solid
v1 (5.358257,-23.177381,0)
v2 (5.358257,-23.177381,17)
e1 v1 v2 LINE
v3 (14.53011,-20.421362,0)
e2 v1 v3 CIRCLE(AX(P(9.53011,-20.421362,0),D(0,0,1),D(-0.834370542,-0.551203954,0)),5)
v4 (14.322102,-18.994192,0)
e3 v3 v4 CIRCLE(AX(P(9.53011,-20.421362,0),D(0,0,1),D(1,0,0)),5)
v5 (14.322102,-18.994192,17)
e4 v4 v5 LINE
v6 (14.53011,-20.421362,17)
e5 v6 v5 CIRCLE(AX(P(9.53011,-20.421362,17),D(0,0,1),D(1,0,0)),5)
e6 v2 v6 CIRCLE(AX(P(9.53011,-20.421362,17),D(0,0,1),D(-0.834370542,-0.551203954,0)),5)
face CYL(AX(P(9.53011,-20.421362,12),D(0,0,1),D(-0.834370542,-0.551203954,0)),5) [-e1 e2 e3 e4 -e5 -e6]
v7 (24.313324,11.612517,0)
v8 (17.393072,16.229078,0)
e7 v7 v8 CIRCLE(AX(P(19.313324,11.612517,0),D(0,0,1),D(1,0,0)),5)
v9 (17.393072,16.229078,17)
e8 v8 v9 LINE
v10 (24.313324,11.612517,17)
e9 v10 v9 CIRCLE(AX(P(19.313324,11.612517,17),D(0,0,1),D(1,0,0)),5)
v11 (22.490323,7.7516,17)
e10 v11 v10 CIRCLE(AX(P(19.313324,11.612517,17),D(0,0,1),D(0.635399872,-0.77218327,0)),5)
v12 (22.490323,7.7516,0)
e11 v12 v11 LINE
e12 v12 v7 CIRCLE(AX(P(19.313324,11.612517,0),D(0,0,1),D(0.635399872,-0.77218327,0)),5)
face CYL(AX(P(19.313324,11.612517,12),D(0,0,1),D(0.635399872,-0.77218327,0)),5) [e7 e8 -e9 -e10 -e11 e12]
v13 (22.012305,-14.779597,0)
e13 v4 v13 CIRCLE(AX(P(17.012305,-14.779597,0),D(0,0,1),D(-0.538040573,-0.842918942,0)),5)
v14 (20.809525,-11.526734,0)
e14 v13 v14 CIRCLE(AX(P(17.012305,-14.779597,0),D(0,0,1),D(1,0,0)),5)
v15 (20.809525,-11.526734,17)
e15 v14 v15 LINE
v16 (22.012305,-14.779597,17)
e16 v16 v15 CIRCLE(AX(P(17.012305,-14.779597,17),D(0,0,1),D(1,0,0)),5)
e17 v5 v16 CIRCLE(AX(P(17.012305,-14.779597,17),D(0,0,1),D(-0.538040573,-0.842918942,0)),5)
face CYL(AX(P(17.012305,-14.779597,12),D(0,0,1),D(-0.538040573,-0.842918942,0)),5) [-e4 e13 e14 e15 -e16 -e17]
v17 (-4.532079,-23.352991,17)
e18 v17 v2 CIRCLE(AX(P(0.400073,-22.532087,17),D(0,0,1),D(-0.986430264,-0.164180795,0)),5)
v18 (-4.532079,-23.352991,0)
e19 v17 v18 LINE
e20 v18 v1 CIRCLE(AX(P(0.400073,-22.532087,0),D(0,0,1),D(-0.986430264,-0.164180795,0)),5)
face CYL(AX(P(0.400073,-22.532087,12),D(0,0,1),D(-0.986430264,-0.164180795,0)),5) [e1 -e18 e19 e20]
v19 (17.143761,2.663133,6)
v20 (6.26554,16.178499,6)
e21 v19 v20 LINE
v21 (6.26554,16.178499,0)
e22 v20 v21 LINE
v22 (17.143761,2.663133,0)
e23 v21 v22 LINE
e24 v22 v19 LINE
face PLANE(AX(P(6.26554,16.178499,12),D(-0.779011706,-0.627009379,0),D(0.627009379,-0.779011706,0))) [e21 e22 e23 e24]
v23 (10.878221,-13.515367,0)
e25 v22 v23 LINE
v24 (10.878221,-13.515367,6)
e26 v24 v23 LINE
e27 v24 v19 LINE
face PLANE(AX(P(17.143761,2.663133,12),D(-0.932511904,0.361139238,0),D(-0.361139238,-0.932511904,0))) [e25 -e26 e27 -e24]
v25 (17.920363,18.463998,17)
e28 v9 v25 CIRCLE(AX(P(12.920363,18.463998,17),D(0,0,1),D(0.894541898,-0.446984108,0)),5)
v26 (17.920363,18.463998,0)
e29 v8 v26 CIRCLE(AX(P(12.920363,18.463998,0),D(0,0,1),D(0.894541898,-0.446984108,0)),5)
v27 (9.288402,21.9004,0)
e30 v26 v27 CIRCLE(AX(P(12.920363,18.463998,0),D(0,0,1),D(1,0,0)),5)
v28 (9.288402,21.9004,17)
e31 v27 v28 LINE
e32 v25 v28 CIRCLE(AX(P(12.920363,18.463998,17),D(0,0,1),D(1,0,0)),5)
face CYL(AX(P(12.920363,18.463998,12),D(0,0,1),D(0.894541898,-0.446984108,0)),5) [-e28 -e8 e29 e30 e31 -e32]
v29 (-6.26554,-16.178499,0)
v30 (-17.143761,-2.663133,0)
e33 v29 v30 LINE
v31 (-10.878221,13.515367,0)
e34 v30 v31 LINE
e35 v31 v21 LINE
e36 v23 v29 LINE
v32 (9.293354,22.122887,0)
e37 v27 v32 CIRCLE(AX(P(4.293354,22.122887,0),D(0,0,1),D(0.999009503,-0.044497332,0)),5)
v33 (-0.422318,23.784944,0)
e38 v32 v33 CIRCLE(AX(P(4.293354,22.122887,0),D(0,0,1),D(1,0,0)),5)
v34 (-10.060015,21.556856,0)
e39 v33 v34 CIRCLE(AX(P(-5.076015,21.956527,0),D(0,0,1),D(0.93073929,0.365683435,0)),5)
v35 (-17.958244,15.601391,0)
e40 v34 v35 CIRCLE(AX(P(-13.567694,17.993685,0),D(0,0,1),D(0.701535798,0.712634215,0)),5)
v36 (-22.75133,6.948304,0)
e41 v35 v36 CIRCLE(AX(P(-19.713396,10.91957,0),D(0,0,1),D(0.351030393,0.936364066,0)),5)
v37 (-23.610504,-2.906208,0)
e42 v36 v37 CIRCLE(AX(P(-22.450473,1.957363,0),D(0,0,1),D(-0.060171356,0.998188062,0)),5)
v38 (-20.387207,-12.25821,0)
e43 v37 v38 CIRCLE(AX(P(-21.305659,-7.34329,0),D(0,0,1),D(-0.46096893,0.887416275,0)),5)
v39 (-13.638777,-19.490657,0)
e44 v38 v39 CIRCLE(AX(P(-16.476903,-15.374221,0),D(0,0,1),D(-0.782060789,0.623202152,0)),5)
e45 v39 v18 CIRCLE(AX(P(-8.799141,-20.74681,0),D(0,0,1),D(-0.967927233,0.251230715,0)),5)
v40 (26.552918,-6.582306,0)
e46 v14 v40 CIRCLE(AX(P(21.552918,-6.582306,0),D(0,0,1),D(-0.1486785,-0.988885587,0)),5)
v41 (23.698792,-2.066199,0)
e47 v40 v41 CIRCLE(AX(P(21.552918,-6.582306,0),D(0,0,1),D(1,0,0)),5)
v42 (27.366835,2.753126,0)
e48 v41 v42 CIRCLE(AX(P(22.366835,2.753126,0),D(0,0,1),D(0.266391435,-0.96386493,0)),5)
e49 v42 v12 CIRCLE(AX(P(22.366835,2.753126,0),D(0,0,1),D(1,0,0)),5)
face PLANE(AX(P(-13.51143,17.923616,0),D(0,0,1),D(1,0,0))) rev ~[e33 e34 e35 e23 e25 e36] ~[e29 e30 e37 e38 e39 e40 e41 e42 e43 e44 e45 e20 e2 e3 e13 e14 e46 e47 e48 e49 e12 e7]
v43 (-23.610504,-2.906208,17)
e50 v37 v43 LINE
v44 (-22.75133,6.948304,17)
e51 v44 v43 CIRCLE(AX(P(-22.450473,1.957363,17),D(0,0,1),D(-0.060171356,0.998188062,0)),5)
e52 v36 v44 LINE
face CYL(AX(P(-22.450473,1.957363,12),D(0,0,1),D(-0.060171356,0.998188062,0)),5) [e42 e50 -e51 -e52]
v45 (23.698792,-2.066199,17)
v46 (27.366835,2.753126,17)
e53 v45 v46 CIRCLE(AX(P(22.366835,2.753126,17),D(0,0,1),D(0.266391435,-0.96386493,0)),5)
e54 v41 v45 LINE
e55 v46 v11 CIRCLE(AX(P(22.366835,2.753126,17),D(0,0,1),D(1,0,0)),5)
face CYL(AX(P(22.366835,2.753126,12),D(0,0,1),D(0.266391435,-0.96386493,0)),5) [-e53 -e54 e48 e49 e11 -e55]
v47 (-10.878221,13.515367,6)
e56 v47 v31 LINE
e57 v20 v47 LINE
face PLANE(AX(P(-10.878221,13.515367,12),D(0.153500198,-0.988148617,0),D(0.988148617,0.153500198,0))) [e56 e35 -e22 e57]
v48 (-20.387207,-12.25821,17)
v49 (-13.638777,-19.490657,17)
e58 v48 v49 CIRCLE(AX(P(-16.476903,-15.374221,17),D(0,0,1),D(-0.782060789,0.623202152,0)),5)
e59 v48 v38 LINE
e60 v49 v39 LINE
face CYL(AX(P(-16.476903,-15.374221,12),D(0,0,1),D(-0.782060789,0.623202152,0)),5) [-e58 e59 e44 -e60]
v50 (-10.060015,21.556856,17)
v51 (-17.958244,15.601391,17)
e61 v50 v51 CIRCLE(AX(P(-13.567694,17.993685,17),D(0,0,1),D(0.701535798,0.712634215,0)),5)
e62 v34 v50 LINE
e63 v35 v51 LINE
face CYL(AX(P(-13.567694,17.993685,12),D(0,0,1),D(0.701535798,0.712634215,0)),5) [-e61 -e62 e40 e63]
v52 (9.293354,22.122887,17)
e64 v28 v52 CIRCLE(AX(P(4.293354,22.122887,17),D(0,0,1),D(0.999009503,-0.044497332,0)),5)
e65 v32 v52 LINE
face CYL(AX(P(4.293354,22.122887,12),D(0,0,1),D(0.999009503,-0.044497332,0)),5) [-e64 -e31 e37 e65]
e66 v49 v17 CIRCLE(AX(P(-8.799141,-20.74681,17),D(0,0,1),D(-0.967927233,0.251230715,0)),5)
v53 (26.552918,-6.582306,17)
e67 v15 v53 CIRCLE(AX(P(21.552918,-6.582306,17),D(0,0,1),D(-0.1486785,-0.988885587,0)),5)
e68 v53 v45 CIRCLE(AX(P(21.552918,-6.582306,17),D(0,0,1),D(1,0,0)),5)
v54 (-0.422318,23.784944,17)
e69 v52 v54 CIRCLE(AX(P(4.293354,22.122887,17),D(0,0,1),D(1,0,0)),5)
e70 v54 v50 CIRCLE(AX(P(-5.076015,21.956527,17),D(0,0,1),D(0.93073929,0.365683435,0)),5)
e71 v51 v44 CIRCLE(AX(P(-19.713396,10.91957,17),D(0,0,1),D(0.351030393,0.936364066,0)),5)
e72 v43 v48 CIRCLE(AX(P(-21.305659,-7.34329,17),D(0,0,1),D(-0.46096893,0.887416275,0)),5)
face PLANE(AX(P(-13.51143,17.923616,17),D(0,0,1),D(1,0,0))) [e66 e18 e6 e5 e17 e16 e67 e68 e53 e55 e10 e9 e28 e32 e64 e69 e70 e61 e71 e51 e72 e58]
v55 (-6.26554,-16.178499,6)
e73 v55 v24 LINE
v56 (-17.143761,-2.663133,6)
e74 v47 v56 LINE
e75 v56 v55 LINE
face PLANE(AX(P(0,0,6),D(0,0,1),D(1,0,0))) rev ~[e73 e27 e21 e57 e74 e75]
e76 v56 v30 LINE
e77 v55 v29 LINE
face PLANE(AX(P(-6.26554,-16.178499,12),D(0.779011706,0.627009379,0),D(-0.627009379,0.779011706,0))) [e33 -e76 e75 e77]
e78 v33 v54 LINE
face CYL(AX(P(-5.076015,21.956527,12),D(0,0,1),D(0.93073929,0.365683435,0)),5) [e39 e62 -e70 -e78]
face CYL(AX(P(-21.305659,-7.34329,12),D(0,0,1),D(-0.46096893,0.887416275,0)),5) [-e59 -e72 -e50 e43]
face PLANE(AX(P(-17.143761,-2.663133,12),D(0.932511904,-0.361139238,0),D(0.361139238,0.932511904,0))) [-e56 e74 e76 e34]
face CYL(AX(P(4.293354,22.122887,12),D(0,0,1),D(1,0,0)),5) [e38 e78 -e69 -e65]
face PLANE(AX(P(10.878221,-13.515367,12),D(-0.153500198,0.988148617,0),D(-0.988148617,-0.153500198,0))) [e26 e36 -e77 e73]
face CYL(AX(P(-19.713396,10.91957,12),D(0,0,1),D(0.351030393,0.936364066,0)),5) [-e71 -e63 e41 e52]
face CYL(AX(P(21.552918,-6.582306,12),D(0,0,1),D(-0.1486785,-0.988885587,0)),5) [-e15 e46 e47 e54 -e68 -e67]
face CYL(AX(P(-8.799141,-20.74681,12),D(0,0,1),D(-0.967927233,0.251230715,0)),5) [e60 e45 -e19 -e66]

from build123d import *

# Parameters (mm, degrees)
F1_DEPTH = 12
F2_DEPTH = 6
F4_DEPTH = 6
F5_R     = 22.5356386782
F6_DEPTH = 5
F8_DEPTH = 5
F9_DEPTH = 12


with BuildPart() as f1:
    # F0 (on Top) → F1 (new body)
    with BuildSketch(Plane.XY):
        Polygon((-6.8684225896, -21.4634522332), (15.1536835921, -16.6799545631), (22.0221061816, 4.7834976701), (6.8684225896, 21.4634522332), (-15.1536835921, 16.6799545631), (-22.0221061816, -4.7834976701), align=None)
        Polygon((17.1437614944, 2.6631325835), (10.8782212182, -13.5153666788), (-6.2655402762, -16.1784992623), (-17.1437614944, -2.6631325835), (-10.8782212182, 13.5153666788), (6.2655402762, 16.1784992623), align=None, mode=Mode.SUBTRACT)
    extrude(amount=F1_DEPTH)

    # F2 (add): a face of the model
    f2_faces = [f1.faces().sort_by_distance(p)[0] for p in [
        (4.0120820931, -18.4706890138, 12),
    ]]
    extrude(f2_faces, amount=-F2_DEPTH)

    # F3 (on face) → F4 (join)
    with BuildSketch(Plane.XY.offset(12)):
        Polygon((-6.8684225896, -21.4634522332), (15.1536835921, -16.6799545631), (22.0221061816, 4.7834976701), (6.8684225896, 21.4634522332), (-15.1536835921, 16.6799545631), (-22.0221061816, -4.7834976701), align=None)
    extrude(amount=-F4_DEPTH)

    # F5 (on face) → F6 (join)
    with BuildSketch(Plane.XY.offset(12)):
        Circle(F5_R)
    extrude(amount=F6_DEPTH)

    # F7 (on face) → F8 (join, through all)
    with BuildSketch(Plane.XY.offset(17)):
        with BuildLine():
            ThreePointArc((-15.3228461638, 13.3118642514), (-10.7195158187, 13.8841980042), (-8.5676941997, 17.9936845793))
            ThreePointArc((-8.5676941997, 17.9936845793), (-8.571695634, 18.193680409), (-8.5836935324, 18.3933561306))
            ThreePointArc((-8.5836935324, 18.3933561306), (-9.6069182239, 19.842074122), (-10.0600152117, 21.5568556553))
            ThreePointArc((-10.0600152117, 21.5568556553), (-16.5779692563, 21.9859576265), (-17.958244305, 15.6013907485))
            ThreePointArc((-17.958244305, 15.6013907485), (-16.4342353434, 14.6941039842), (-15.3228461638, 13.3118642514))
        make_face()
        with BuildLine():
            ThreePointArc((-10.0600152117, 21.5568556553), (-9.6069182239, 19.842074122), (-8.5836935324, 18.3933561306))
            ThreePointArc((-8.5836935324, 18.3933561306), (-9.0367905202, 20.108137664), (-10.0600152117, 21.5568556553))
        make_face()
        with BuildLine():
            ThreePointArc((-10.0600152117, 21.5568556553), (-9.0367905202, 20.108137664), (-8.5836935324, 18.3933561306))
            ThreePointArc((-8.5836935324, 18.3933561306), (-3.9497951777, 17.0850151275), (-0.3603423089, 20.2944696365))
            ThreePointArc((-0.3603423089, 20.2944696365), (-0.7058578854, 22.034122353), (-0.4223180959, 23.7849443815))
            ThreePointArc((-0.4223180959, 23.7849443815), (-6.2022339112, 26.8280392859), (-10.0600152117, 21.5568556553))
        make_face()
        with BuildLine():
            ThreePointArc((-14.7133962691, 10.9195704206), (-14.86815373, 12.1539223707), (-15.3228461638, 13.3118642514))
            ThreePointArc((-15.3228461638, 13.3118642514), (-16.8468551254, 14.2191510156), (-17.958244305, 15.6013907485))
            ThreePointArc((-17.958244305, 15.6013907485), (-24.0872231108, 13.3423041573), (-22.7513298124, 6.9483036471))
            ThreePointArc((-22.7513298124, 6.9483036471), (-20.9900515753, 6.7393262339), (-19.4125394898, 5.9286301086))
            ThreePointArc((-19.4125394898, 5.9286301086), (-16.0730471171, 7.4920555699), (-14.7133962691, 10.9195704206))
        make_face()
        with BuildLine():
            ThreePointArc((-17.958244305, 15.6013907485), (-16.8468551254, 14.2191510156), (-15.3228461638, 13.3118642514))
            ThreePointArc((-15.3228461638, 13.3118642514), (-16.4342353434, 14.6941039842), (-17.958244305, 15.6013907485))
        make_face()
        with BuildLine():
            ThreePointArc((-0.0760145444, 21.9565272067), (-0.1476090631, 21.1134261386), (-0.3603423089, 20.2944696365))
            ThreePointArc((-0.3603423089, 20.2944696365), (3.3407842567, 17.2144643949), (7.9253153735, 18.6864849728))
            ThreePointArc((7.9253153735, 18.6864849728), (8.3172516941, 20.4162706555), (9.2884016553, 21.9004001446))
            ThreePointArc((9.2884016553, 21.9004001446), (9.2921158652, 22.0116159212), (9.2933541397, 22.1228868113))
            ThreePointArc((9.2933541397, 22.1228868113), (5.1364552078, 27.0512922927), (-0.4223180959, 23.7849443815))
            ThreePointArc((-0.4223180959, 23.7849443815), (-0.163353237, 22.8869888549), (-0.0760145444, 21.9565272067))
        make_face()
        with BuildLine():
            ThreePointArc((-0.4223180959, 23.7849443815), (-0.7058578854, 22.034122353), (-0.3603423089, 20.2944696365))
            ThreePointArc((-0.3603423089, 20.2944696365), (-0.1476090631, 21.1134261386), (-0.0760145444, 21.9565272067))
            ThreePointArc((-0.0760145444, 21.9565272067), (-0.163353237, 22.8869888549), (-0.4223180959, 23.7849443815))
        make_face()
        with BuildLine():
            ThreePointArc((9.2884016553, 21.9004001446), (8.8964653347, 20.1706144619), (7.9253153735, 18.6864849728))
            ThreePointArc((7.9253153735, 18.6864849728), (10.053711743, 14.3673763799), (14.8406140286, 13.8474372958))
            ThreePointArc((14.8406140286, 13.8474372958), (15.9022328957, 15.2682602857), (17.3930723778, 16.2290777639))
            ThreePointArc((17.3930723778, 16.2290777639), (17.7867551587, 17.3158579496), (17.9203628891, 18.4639983061))
            ThreePointArc((17.9203628891, 18.4639983061), (14.7697132927, 23.1094157346), (9.2884016553, 21.9004001446))
        make_face()
        with BuildLine():
            ThreePointArc((9.2884016553, 21.9004001446), (8.3172516941, 20.4162706555), (7.9253153735, 18.6864849728))
            ThreePointArc((7.9253153735, 18.6864849728), (8.8964653347, 20.1706144619), (9.2884016553, 21.9004001446))
        make_face()
        with BuildLine():
            ThreePointArc((-19.4125394898, 5.9286301086), (-20.9900515753, 6.7393262339), (-22.7513298124, 6.9483036471))
            ThreePointArc((-22.7513298124, 6.9483036471), (-21.1738177269, 6.1376075218), (-19.4125394898, 5.9286301086))
        make_face()
        with BuildLine():
            ThreePointArc((-19.4125394898, 5.9286301086), (-21.1738177269, 6.1376075218), (-22.7513298124, 6.9483036471))
            ThreePointArc((-22.7513298124, 6.9483036471), (-27.4315772639, 2.3916450882), (-23.6105037059, -2.9062082783))
            ThreePointArc((-23.6105037059, -2.9062082783), (-21.9164972013, -2.3807422472), (-20.1456283806, -2.4797180399))
            ThreePointArc((-20.1456283806, -2.4797180399), (-18.1770538363, -0.6383809453), (-17.4504730331, 1.957363335))
            ThreePointArc((-17.4504730331, 1.957363335), (-17.9677468694, 4.1721243022), (-19.4125394898, 5.9286301086))
        make_face()
        with BuildLine():
            ThreePointArc((17.3930723778, 16.2290777639), (16.3314535106, 14.8082547741), (14.8406140286, 13.8474372958))
            ThreePointArc((14.8406140286, 13.8474372958), (15.0282611338, 9.0360384653), (19.1898356953, 6.6140419105))
            ThreePointArc((19.1898356953, 6.6140419105), (20.7375735625, 7.4802290047), (22.4903228751, 7.7516004012))
            ThreePointArc((22.4903228751, 7.7516004012), (23.8346616371, 9.4776861736), (24.3133235172, 11.6125167536))
            ThreePointArc((24.3133235172, 11.6125167536), (22.0880977695, 15.7719190963), (17.3930723778, 16.2290777639))
        make_face()
        with BuildLine():
            ThreePointArc((17.3930723778, 16.2290777639), (15.9022328957, 15.2682602857), (14.8406140286, 13.8474372958))
            ThreePointArc((14.8406140286, 13.8474372958), (16.3314535106, 14.8082547741), (17.3930723778, 16.2290777639))
        make_face()
        with BuildLine():
            ThreePointArc((-20.1456283806, -2.4797180399), (-21.9164972013, -2.3807422472), (-23.6105037059, -2.9062082783))
            ThreePointArc((-23.6105037059, -2.9062082783), (-21.8396348852, -3.005184071), (-20.1456283806, -2.4797180399))
        make_face()
        with BuildLine():
            ThreePointArc((-20.1456283806, -2.4797180399), (-21.8396348852, -3.005184071), (-23.6105037059, -2.9062082783))
            ThreePointArc((-23.6105037059, -2.9062082783), (-26.0327625001, -8.972551144), (-20.387207014, -12.2582103903))
            ThreePointArc((-20.387207014, -12.2582103903), (-19.053381356, -11.0891587654), (-17.3953551071, -10.4593004118))
            ThreePointArc((-17.3953551071, -10.4593004118), (-16.585938737, -8.9938168824), (-16.3056590535, -7.3432896533))
            ThreePointArc((-16.3056590535, -7.3432896533), (-17.3813659092, -4.2449153509), (-20.1456283806, -2.4797180399))
        make_face()
        with BuildLine():
            ThreePointArc((22.4903228751, 7.7516004012), (20.9425850079, 6.885413307), (19.1898356953, 6.6140419105))
            ThreePointArc((19.1898356953, 6.6140419105), (17.4042876471, 2.1422874102), (20.2209604362, -1.7629814079))
            ThreePointArc((20.2209604362, -1.7629814079), (21.9871993653, -1.601201827), (23.6987922291, -2.0661990919))
            ThreePointArc((23.6987922291, -2.0661990919), (26.3455148518, -0.275092905), (27.3668350532, 2.753125558))
            ThreePointArc((27.3668350532, 2.753125558), (25.9457622045, 6.2447269736), (22.4903228751, 7.7516004012))
        make_face()
        with BuildLine():
            ThreePointArc((22.4903228751, 7.7516004012), (20.7375735625, 7.4802290047), (19.1898356953, 6.6140419105))
            ThreePointArc((19.1898356953, 6.6140419105), (20.9425850079, 6.885413307), (22.4903228751, 7.7516004012))
        make_face()
        with BuildLine():
            ThreePointArc((-17.3953551071, -10.4593004118), (-19.053381356, -11.0891587654), (-20.387207014, -12.2582103903))
            ThreePointArc((-20.387207014, -12.2582103903), (-18.7291807651, -11.6283520367), (-17.3953551071, -10.4593004118))
        make_face()
        with BuildLine():
            ThreePointArc((-17.3953551071, -10.4593004118), (-18.7291807651, -11.6283520367), (-20.387207014, -12.2582103903))
            ThreePointArc((-20.387207014, -12.2582103903), (-20.1326465997, -18.7853117703), (-13.6387770174, -19.4906565634))
            ThreePointArc((-13.6387770174, -19.4906565634), (-12.8957627797, -17.8801589912), (-11.6372669038, -16.6303747227))
            ThreePointArc((-11.6372669038, -16.6303747227), (-11.517156057, -16.0073953668), (-11.4769030677, -15.3742211488))
            ThreePointArc((-11.4769030677, -15.3742211488), (-13.282553384, -11.5276473358), (-17.3953551071, -10.4593004118))
        make_face()
        with BuildLine():
            ThreePointArc((23.6987922291, -2.0661990919), (21.9325532999, -2.2279786728), (20.2209604362, -1.7629814079))
            ThreePointArc((20.2209604362, -1.7629814079), (16.7709547133, -5.1218846001), (17.755697416, -9.8351692247))
            ThreePointArc((17.755697416, -9.8351692247), (19.4350386505, -10.4057703163), (20.8095251099, -11.5267339912))
            ThreePointArc((20.8095251099, -11.5267339912), (24.8150516904, -10.3715647262), (26.5529176121, -6.5823060579))
            ThreePointArc((26.5529176121, -6.5823060579), (25.7795813724, -3.9111053059), (23.6987922291, -2.0661990919))
        make_face()
        with BuildLine():
            ThreePointArc((23.6987922291, -2.0661990919), (21.9871993653, -1.601201827), (20.2209604362, -1.7629814079))
            ThreePointArc((20.2209604362, -1.7629814079), (21.9325532999, -2.2279786728), (23.6987922291, -2.0661990919))
        make_face()
        with BuildLine():
            ThreePointArc((-11.6372669038, -16.6303747227), (-12.8957627797, -17.8801589912), (-13.6387770174, -19.4906565634))
            ThreePointArc((-13.6387770174, -19.4906565634), (-12.3802811414, -18.2408722949), (-11.6372669038, -16.6303747227))
        make_face()
        with BuildLine():
            ThreePointArc((-11.6372669038, -16.6303747227), (-12.3802811414, -18.2408722949), (-13.6387770174, -19.4906565634))
            ThreePointArc((-13.6387770174, -19.4906565634), (-10.7514132029, -25.3499213323), (-4.5320785701, -23.3529911497))
            ThreePointArc((-4.5320785701, -23.3529911497), (-4.5083496645, -21.5795172913), (-3.8669895315, -19.9259061618))
            ThreePointArc((-3.8669895315, -19.9259061618), (-6.8468685041, -16.1436989423), (-11.6372669038, -16.6303747227))
        make_face()
        with BuildLine():
            ThreePointArc((20.8095251099, -11.5267339912), (19.1301838754, -10.9561328996), (17.755697416, -9.8351692247))
            ThreePointArc((17.755697416, -9.8351692247), (13.2377713502, -11.5004362323), (12.2203130071, -16.2067669328))
            ThreePointArc((12.2203130071, -16.2067669328), (13.5223831912, -17.4110865845), (14.3221020507, -18.9941918663))
            ThreePointArc((14.3221020507, -18.9941918663), (19.4153223591, -19.1642872449), (22.0123049138, -14.779597158))
            ThreePointArc((22.0123049138, -14.779597158), (21.7019797949, -13.0455413603), (20.8095251099, -11.5267339912))
        make_face()
        with BuildLine():
            ThreePointArc((20.8095251099, -11.5267339912), (19.4350386505, -10.4057703163), (17.755697416, -9.8351692247))
            ThreePointArc((17.755697416, -9.8351692247), (19.1301838754, -10.9561328996), (20.8095251099, -11.5267339912))
        make_face()
        with BuildLine():
            ThreePointArc((-3.8669895315, -19.9259061618), (-4.5083496645, -21.5795172913), (-4.5320785701, -23.3529911497))
            ThreePointArc((-4.5320785701, -23.3529911497), (-3.985861752, -22.1004512609), (-3.7991408535, -20.7468101373))
            ThreePointArc((-3.7991408535, -20.7468101373), (-3.8161318925, -20.3349585924), (-3.8669895315, -19.9259061618))
        make_face()
        with BuildLine():
            ThreePointArc((-3.7991408535, -20.7468101373), (-3.985861752, -22.1004512609), (-4.5320785701, -23.3529911497))
            ThreePointArc((-4.5320785701, -23.3529911497), (0.4888372102, -27.5312991992), (5.3582574346, -23.1773814109))
            ThreePointArc((5.3582574346, -23.1773814109), (4.6585980648, -21.5475810079), (4.5719254612, -19.7760674044))
            ThreePointArc((4.5719254612, -19.7760674044), (0.3113082936, -17.5328751492), (-3.8669895315, -19.9259061618))
            ThreePointArc((-3.8669895315, -19.9259061618), (-3.8161318925, -20.3349585924), (-3.7991408535, -20.7468101373))
        make_face()
        with BuildLine():
            ThreePointArc((14.3221020507, -18.9941918663), (13.0200318666, -17.7898722147), (12.2203130071, -16.2067669328))
            ThreePointArc((12.2203130071, -16.2067669328), (7.4156570592, -15.8904579617), (4.5719254612, -19.7760674044))
            ThreePointArc((4.5719254612, -19.7760674044), (5.1885622604, -21.0932097553), (5.4000727519, -22.5320871742))
            ThreePointArc((5.4000727519, -22.5320871742), (5.3896079714, -22.8554109952), (5.3582574346, -23.1773814109))
            ThreePointArc((5.3582574346, -23.1773814109), (10.9689875629, -25.2098511497), (14.530110144, -20.4213616411))
            ThreePointArc((14.530110144, -20.4213616411), (14.47783485, -19.7002373569), (14.3221020507, -18.9941918663))
        make_face()
        with BuildLine():
            ThreePointArc((14.3221020507, -18.9941918663), (13.5223831912, -17.4110865845), (12.2203130071, -16.2067669328))
            ThreePointArc((12.2203130071, -16.2067669328), (13.0200318666, -17.7898722147), (14.3221020507, -18.9941918663))
        make_face()
        with BuildLine():
            ThreePointArc((4.5719254612, -19.7760674044), (4.6585980648, -21.5475810079), (5.3582574346, -23.1773814109))
            ThreePointArc((5.3582574346, -23.1773814109), (5.3896079714, -22.8554109952), (5.4000727519, -22.5320871742))
            ThreePointArc((5.4000727519, -22.5320871742), (5.1885622604, -21.0932097553), (4.5719254612, -19.7760674044))
        make_face()
    extrude(amount=-F8_DEPTH)

    # F9 (add, through all): a face of the model
    f9_faces = [f1.faces().sort_by_distance(p)[0] for p in [
        (19.3251526539, -6.1841549809, 12),
    ]]
    extrude(f9_faces, amount=F9_DEPTH)


solid = f1.part
